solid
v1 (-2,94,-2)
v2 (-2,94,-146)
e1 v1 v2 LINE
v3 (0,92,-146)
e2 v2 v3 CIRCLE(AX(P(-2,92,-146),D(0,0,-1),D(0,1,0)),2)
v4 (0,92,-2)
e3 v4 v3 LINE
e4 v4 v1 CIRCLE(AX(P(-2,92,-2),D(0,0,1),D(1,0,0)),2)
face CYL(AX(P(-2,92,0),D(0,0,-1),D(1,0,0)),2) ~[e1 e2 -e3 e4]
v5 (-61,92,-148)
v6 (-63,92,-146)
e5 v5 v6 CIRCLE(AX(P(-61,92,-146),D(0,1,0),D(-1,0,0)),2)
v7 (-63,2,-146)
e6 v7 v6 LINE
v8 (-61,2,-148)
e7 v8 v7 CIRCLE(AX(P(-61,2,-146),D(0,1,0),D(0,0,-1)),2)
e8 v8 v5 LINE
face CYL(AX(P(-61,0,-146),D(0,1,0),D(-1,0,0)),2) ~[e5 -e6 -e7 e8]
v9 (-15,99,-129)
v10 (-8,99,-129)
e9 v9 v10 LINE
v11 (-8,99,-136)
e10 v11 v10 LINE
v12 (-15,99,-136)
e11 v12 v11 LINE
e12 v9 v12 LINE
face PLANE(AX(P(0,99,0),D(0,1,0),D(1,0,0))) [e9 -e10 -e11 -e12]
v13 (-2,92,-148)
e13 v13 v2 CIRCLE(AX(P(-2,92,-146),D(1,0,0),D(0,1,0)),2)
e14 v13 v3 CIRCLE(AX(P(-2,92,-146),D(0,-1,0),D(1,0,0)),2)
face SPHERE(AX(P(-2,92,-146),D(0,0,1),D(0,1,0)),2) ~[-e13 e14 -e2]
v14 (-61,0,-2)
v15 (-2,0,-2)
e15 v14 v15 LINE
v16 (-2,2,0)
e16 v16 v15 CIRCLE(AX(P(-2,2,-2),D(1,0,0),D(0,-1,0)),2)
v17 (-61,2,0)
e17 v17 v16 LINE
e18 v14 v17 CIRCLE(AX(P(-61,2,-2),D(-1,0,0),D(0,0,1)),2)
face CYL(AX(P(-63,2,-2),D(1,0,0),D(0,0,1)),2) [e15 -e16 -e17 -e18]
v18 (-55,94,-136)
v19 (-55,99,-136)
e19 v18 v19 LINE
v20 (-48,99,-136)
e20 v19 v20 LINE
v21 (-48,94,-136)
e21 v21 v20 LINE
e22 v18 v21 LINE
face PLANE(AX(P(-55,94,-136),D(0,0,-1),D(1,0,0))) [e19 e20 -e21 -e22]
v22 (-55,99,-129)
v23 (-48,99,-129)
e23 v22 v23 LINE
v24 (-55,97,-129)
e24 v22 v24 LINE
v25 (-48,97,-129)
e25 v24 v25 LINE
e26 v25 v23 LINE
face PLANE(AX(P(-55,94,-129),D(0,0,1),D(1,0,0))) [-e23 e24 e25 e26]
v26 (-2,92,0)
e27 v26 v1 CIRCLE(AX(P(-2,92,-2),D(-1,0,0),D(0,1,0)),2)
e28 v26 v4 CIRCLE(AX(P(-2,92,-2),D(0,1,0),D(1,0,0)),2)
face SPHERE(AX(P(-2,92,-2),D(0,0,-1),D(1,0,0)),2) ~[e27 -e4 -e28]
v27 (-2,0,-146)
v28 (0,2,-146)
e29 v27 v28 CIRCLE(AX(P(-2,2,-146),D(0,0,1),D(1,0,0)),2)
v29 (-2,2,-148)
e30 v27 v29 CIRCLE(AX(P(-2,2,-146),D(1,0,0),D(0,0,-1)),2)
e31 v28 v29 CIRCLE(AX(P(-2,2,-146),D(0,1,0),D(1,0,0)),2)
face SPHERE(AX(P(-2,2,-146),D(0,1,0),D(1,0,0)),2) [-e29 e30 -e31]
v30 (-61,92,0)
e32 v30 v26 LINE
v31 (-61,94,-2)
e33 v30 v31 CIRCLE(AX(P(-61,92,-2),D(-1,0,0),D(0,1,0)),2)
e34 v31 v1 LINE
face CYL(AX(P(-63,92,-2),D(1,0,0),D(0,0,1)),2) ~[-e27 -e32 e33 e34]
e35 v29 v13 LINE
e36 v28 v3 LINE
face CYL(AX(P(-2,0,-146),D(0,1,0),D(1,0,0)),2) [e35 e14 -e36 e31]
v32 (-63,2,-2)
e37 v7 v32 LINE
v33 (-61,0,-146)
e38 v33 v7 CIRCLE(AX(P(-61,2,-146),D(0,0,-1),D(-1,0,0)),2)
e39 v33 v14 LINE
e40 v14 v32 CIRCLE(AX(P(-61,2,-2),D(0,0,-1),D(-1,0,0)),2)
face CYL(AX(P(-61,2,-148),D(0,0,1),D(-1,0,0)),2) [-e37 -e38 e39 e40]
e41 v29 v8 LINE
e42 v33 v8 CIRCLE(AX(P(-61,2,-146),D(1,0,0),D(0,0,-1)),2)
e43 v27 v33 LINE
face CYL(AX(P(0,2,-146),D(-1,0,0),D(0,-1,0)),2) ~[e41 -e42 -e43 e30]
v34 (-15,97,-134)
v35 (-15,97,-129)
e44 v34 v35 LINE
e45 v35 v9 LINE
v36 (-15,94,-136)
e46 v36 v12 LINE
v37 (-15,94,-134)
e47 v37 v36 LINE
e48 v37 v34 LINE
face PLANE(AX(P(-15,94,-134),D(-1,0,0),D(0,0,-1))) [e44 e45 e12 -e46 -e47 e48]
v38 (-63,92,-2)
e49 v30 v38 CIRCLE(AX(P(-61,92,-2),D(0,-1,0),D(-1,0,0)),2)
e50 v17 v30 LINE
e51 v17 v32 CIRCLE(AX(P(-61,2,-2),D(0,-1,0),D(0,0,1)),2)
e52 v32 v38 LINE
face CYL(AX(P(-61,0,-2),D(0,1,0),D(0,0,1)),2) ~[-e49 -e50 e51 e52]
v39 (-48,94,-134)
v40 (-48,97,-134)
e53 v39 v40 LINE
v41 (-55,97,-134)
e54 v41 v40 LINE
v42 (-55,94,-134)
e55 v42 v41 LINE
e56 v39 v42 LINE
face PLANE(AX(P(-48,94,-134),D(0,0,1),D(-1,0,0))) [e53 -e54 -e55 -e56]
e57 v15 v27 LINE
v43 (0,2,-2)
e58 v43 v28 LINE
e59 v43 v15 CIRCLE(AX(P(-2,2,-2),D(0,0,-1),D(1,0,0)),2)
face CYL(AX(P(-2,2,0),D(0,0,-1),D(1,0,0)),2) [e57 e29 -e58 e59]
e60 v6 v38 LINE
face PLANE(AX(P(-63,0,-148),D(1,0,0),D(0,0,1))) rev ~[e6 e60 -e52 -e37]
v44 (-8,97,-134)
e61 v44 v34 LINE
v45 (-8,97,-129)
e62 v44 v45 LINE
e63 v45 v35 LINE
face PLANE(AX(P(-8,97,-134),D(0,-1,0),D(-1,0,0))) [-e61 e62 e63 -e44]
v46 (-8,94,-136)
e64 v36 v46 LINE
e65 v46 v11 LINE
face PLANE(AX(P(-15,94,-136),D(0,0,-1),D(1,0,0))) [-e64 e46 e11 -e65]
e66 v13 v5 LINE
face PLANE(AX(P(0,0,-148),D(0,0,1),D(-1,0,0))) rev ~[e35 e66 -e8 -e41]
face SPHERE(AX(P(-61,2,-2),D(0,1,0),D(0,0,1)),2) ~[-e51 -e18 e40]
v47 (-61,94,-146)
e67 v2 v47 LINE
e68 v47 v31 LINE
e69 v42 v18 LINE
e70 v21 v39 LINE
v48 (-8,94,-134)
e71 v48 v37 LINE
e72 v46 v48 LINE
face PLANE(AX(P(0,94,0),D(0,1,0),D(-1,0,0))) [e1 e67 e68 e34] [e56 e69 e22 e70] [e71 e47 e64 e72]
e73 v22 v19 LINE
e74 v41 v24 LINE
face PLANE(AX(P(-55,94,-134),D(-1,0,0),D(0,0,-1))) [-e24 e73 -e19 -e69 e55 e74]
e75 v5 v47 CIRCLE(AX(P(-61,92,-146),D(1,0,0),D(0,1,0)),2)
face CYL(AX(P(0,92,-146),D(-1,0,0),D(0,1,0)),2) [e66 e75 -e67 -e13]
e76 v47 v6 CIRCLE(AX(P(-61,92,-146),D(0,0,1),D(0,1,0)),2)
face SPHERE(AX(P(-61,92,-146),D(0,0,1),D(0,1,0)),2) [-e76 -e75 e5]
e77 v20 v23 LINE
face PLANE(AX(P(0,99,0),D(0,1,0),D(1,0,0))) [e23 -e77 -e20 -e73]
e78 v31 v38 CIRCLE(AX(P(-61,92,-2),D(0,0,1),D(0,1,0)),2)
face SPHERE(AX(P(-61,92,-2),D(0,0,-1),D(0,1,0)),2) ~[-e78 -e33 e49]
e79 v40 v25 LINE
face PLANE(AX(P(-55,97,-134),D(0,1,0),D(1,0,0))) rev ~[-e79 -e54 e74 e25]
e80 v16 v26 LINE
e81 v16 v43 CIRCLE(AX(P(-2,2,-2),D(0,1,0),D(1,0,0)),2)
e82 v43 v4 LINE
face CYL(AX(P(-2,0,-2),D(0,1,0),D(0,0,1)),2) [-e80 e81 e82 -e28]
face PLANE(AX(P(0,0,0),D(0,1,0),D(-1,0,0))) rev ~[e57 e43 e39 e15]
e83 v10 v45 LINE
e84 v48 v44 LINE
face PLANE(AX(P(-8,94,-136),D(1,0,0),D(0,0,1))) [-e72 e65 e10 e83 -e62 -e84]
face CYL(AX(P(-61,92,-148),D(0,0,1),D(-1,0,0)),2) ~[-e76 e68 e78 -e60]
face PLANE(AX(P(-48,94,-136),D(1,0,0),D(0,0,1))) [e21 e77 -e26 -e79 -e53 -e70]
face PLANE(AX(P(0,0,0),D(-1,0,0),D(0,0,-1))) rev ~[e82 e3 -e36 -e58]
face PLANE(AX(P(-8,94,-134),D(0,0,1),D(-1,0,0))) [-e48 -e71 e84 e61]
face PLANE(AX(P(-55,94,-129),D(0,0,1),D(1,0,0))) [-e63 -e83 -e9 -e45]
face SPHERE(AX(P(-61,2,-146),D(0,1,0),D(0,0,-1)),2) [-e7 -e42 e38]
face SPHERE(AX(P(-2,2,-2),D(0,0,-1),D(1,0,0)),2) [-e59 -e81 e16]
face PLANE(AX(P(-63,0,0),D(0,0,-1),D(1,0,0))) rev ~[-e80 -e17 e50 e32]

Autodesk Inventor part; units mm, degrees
ref_plane "YZ Plane" through (0, 0, 0) normal (1, 0, 0) x (0, 1, 0)
ref_plane "XZ Plane" through (0, 0, 0) normal (0, 1, 0) x (-1, 0, 0)
ref_plane "XY Plane" through (0, 0, 0) normal (0, 0, 1) x (1, 0, 0)
sketch "Sketch1" plane through (0, 0, 0) normal (0, 1, 0) x (-1, 0, 0)
  line L0 (0, 0) -> (0, -148)
  line L1 (0, -148) -> (63, -148)
  line L2 (63, -148) -> (63, 0)
  line L3 (63, 0) -> (0, 0)
  dimension "d0" = 148
  dimension "d1" = 63
extrude "Extrusion1" add sketch "Sketch1" along normal blind 94
sketch "Sketch2" plane through (0, 94, 0) normal (0, 1, 0) x (1, 0, 0)
  line L0 (0, 148) -> (-63, 148) projected
  line L1 (-63, 148) -> (-63, 136)
  line L2 (-63, 148) -> (-63, 0) projected
  line L3 (-63, 136) -> (-55, 136)
  line L4 (-55, 136) -> (-48, 136)
  line L5 (-48, 136) -> (-48, 134)
  line L6 (-48, 134) -> (-55, 134)
  line L7 (-55, 134) -> (-55, 136)
  line L8 (0, 0) -> (0, 148) projected
  line L9 (0, 148) -> (0, 136)
  line L10 (0, 136) -> (-8, 136)
  line L11 (-8, 136) -> (-8, 134)
  line L12 (-8, 134) -> (-15, 134)
  line L13 (-15, 134) -> (-15, 136)
  line L14 (-15, 136) -> (-8, 136)
  dimension "d4" = 12
  dimension "d5" = 8
  dimension "d6" = 7
  dimension "d7" = 2
  dimension "d8" = 12
  dimension "d9" = 8
  dimension "d10" = 2
  dimension "d11" = 7
extrude "Extrusion2" add sketch "Sketch2" along normal blind 5
sketch "Sketch3" plane through (-55, 94, -134) normal (0, 0, 1) x (1, 0, 0)
  line L0 (0, 5) -> (7, 5) projected
  line L1 (0, 5) -> (0, 3)
  line L2 (0, 0) -> (0, 5) projected
  line L3 (0, 3) -> (7, 3)
  line L4 (7, 0) -> (7, 5) projected
  line L5 (7, 5) -> (0, 5)
  line L6 (7, 5) -> (7, 3)
  line L7 (40, 5) -> (47, 5) projected
  line L8 (40, 5) -> (47, 5)
  line L9 (47, 5) -> (47, 3)
  line L10 (47, 0) -> (47, 5) projected
  line L11 (47, 3) -> (40, 3)
  line L12 (40, 0) -> (40, 5) projected
  line L13 (40, 5) -> (40, 3)
  point P0 (55, -94)
  dimension "d14" = 2
  dimension "d15" = 2
extrude "Extrusion3" add sketch "Sketch3" along normal blind 5
fillet "Fillet1" radius 2 12 edges at (0, 94, -74) (-63, 94, -74) (-31.5, 94, -148) (0, 47, -148) (-63, 47, -148) (0, 0, -74) (-31.5, 0, -148) (0, 47, 0) (-31.5, 94, 0) (-63, 47, 0) (-31.5, 0, 0) (-63, 0, -74)
properties part number "battery"
